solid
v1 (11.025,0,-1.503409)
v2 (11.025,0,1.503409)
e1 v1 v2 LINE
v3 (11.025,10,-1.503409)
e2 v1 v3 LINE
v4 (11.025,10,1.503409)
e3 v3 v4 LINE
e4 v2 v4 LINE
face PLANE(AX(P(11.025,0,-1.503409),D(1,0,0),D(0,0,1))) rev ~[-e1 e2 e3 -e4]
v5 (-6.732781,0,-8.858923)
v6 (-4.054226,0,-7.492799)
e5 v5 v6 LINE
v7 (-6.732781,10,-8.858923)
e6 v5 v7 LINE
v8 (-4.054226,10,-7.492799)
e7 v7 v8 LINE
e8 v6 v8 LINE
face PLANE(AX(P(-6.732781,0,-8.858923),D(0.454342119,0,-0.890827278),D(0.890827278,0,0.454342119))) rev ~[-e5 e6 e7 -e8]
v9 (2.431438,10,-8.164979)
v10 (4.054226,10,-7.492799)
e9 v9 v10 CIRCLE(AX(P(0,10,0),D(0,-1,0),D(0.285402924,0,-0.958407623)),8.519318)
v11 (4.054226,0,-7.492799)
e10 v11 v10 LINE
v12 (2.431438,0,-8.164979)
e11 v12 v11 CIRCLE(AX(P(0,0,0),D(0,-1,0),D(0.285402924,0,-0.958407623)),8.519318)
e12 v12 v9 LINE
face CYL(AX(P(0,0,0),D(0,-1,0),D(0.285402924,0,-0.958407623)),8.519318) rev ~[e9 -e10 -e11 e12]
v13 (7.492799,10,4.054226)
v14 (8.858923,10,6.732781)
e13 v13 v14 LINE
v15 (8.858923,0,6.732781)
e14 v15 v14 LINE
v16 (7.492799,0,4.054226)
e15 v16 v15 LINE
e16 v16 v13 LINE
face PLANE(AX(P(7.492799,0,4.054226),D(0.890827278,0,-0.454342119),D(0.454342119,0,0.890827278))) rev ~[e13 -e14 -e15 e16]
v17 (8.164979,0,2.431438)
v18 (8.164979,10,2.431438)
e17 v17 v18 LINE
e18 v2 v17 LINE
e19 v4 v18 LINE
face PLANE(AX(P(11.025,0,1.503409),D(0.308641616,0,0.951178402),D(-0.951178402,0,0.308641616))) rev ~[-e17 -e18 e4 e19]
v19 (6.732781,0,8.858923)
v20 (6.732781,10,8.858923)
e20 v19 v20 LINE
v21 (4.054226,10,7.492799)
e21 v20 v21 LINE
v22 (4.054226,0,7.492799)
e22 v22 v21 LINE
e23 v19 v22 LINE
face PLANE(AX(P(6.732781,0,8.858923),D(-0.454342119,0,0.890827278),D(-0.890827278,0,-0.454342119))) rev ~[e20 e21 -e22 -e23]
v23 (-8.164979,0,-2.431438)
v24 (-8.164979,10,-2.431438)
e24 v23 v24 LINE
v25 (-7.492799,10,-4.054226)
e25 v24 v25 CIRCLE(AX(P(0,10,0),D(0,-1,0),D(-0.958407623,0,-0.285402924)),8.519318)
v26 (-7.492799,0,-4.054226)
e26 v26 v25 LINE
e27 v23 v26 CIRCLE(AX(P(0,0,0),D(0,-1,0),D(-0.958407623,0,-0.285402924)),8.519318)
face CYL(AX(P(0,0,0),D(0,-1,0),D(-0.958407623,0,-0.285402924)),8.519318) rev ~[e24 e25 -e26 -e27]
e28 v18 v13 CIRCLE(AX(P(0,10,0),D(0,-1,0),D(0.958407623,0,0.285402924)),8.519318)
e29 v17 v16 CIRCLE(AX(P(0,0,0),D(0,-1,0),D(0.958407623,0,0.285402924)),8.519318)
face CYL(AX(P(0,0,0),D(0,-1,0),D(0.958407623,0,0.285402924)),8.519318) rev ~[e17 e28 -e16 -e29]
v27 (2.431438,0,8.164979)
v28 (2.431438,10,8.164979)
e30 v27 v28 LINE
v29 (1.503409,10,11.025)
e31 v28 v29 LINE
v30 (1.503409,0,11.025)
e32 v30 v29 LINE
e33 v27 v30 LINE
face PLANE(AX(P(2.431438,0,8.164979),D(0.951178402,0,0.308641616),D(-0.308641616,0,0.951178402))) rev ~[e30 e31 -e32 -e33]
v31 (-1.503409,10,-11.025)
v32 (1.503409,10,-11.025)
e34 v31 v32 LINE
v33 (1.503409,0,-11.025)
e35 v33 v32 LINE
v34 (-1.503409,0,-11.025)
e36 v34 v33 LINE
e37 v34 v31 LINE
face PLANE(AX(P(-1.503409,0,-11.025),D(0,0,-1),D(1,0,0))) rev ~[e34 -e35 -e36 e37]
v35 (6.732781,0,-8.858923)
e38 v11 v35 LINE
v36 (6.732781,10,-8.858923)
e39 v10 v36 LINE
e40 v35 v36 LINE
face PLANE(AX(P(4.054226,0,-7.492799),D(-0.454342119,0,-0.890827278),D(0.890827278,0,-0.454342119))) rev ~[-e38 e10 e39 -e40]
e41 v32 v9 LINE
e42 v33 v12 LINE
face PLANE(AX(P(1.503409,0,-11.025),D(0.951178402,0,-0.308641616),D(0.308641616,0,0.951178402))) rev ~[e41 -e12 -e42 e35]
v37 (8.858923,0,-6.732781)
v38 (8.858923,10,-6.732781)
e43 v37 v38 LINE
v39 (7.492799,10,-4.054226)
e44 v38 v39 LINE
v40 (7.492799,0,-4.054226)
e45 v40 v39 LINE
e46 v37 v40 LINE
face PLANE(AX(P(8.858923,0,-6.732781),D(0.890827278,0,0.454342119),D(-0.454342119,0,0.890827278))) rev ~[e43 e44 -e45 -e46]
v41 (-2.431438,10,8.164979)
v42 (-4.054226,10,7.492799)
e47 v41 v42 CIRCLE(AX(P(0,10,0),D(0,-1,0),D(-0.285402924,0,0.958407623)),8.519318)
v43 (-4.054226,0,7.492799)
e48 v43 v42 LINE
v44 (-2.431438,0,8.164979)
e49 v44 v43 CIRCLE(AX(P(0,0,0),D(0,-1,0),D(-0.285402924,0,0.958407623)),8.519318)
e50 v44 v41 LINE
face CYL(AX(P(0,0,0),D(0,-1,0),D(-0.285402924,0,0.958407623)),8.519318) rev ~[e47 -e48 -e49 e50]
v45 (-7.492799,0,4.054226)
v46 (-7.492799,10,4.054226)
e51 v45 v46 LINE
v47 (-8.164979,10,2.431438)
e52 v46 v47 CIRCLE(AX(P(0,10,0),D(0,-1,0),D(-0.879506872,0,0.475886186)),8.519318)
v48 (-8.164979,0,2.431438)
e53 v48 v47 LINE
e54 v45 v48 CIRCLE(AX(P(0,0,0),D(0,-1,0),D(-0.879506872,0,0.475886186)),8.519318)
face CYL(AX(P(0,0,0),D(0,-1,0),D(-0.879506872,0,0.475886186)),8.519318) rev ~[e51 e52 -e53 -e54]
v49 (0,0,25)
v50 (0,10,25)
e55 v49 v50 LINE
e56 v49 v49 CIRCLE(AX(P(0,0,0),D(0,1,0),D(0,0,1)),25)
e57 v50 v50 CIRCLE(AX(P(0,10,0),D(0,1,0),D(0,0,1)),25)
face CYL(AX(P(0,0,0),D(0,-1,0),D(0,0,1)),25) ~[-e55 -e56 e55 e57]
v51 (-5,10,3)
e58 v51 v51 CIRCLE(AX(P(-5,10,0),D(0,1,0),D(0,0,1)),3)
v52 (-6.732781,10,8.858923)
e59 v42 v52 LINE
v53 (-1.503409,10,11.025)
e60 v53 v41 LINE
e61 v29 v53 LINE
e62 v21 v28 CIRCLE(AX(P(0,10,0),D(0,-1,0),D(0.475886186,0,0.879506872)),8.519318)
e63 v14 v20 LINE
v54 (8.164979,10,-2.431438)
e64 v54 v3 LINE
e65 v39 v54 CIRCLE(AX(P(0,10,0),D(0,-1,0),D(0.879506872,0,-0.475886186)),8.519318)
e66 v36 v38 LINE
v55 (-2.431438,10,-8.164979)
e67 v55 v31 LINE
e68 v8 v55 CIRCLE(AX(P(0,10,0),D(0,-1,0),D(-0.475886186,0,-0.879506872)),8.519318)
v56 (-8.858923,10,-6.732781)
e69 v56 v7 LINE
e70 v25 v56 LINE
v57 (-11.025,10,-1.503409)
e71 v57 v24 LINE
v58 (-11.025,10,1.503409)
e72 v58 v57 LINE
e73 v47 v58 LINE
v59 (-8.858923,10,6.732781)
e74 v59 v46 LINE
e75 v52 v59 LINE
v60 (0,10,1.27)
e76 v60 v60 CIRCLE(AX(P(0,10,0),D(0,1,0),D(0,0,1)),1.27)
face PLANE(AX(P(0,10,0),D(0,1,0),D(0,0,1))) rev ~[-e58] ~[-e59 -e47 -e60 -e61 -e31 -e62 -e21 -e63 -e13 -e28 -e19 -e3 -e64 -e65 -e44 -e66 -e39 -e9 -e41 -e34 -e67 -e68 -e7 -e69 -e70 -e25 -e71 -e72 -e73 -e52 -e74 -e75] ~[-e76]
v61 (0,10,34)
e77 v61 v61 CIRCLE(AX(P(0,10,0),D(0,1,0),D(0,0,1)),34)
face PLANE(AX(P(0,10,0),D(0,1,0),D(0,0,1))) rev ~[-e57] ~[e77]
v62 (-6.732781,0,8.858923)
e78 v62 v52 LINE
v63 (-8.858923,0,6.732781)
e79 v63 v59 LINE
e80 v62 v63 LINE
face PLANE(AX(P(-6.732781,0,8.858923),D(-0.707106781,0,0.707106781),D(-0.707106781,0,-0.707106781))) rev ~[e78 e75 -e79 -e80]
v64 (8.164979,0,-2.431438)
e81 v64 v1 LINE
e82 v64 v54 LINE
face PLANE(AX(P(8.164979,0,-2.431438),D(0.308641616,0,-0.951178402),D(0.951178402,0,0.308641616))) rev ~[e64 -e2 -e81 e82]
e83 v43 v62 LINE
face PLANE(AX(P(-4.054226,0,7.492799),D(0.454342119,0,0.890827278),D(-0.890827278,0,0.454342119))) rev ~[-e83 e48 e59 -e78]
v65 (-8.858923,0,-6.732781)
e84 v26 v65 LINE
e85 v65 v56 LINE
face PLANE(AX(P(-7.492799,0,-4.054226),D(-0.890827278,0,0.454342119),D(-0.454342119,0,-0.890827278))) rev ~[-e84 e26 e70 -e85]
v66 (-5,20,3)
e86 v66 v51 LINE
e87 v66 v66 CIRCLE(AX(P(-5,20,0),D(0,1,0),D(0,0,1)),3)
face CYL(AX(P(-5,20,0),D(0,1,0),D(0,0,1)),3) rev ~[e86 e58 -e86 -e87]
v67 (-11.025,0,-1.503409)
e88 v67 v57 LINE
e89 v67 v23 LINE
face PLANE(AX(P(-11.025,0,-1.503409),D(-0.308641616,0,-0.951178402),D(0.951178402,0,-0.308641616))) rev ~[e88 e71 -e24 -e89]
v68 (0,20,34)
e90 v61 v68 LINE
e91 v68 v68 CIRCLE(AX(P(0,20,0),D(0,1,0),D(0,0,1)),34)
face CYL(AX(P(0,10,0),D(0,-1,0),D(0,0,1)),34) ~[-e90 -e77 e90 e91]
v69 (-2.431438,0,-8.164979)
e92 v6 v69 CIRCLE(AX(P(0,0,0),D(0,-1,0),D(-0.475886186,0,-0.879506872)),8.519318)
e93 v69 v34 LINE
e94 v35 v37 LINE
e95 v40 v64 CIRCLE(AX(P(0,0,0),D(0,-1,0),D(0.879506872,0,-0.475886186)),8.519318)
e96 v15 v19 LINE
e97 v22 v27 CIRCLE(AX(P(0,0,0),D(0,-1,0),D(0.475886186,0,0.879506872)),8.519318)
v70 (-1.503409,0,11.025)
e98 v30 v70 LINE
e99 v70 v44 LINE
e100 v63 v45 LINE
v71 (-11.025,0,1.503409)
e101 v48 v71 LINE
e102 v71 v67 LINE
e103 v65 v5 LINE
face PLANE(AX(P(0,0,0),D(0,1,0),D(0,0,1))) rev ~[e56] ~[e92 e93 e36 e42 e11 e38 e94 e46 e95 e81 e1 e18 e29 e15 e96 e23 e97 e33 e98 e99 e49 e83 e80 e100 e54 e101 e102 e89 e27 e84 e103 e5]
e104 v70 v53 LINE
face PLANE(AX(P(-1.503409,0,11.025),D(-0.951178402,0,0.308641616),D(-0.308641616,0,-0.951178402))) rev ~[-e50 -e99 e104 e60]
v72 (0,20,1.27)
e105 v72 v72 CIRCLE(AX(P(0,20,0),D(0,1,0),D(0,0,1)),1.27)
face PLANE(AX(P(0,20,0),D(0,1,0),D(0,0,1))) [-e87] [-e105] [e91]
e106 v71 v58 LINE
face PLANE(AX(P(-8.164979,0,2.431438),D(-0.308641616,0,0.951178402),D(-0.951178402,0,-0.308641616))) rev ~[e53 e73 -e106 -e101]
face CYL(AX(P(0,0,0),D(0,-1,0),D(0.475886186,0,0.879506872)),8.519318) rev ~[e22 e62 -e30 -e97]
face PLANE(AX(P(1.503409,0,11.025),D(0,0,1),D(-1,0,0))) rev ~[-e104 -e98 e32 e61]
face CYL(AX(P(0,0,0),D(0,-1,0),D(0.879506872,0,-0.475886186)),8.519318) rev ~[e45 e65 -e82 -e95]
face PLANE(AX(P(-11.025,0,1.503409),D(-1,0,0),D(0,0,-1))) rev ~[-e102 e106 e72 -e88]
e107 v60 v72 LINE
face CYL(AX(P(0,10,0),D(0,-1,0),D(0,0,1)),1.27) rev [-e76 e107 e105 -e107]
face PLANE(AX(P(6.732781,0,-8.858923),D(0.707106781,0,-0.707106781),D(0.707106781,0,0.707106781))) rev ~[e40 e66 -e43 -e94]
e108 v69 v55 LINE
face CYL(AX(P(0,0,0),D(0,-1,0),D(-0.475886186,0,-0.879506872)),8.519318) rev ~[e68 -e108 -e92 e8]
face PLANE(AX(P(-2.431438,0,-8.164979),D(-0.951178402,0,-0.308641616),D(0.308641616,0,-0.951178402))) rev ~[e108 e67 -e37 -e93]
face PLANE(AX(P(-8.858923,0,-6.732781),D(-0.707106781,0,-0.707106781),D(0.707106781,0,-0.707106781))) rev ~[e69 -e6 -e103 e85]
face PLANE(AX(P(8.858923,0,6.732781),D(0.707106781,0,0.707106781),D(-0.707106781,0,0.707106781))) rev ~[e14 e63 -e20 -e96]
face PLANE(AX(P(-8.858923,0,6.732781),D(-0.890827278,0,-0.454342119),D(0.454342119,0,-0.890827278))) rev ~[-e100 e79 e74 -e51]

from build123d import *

# Parameters (mm, degrees)
SKETCH1_R           = 25
BOSS_EXTRUDE1_DEPTH = 10
SKETCH2_R           = 34
SKETCH2_R_2         = 1.27
BOSS_EXTRUDE2_DEPTH = 10
SKETCH3_R           = 3
CUT_EXTRUDE1_DEPTH  = 53.076866265


with BuildPart() as part:
    # Sketch1 → Boss-Extrude1 (new body)
    with BuildSketch(Plane(origin=(0, 0, 0), x_dir=(1, 0, 0), z_dir=(0, 1, 0))):
        with Locations(Location((0, 0, 0), (0, 0, 270))):
            Circle(SKETCH1_R)
        with BuildLine():
            Line((-1.503409091, 11.025), (1.503409091, 11.025))
            Line((1.503409091, 11.025), (2.431438314, 8.164979486))
            ThreePointArc((2.431438314, 8.164979486), (3.260201923, 7.870823699), (4.054225843, 7.492798883))
            Line((4.054225843, 7.492798883), (6.7327815, 8.858923026))
            Line((6.7327815, 8.858923026), (8.858923026, 6.7327815))
            Line((8.858923026, 6.7327815), (7.492798883, 4.054225843))
            ThreePointArc((7.492798883, 4.054225843), (7.870823699, 3.260201923), (8.164979486, 2.431438314))
            Line((8.164979486, 2.431438314), (11.025, 1.503409091))
            Line((11.025, 1.503409091), (11.025, -1.503409091))
            Line((11.025, -1.503409091), (8.164979486, -2.431438314))
            ThreePointArc((8.164979486, -2.431438314), (7.870823699, -3.260201923), (7.492798883, -4.054225843))
            Line((7.492798883, -4.054225843), (8.858923026, -6.7327815))
            Line((8.858923026, -6.7327815), (6.7327815, -8.858923026))
            Line((6.7327815, -8.858923026), (4.054225843, -7.492798883))
            ThreePointArc((4.054225843, -7.492798883), (3.260201923, -7.870823699), (2.431438314, -8.164979486))
            Line((2.431438314, -8.164979486), (1.503409091, -11.025))
            Line((1.503409091, -11.025), (-1.503409091, -11.025))
            Line((-1.503409091, -11.025), (-2.431438314, -8.164979486))
            ThreePointArc((-2.431438314, -8.164979486), (-3.260201923, -7.870823699), (-4.054225843, -7.492798883))
            Line((-4.054225843, -7.492798883), (-6.7327815, -8.858923026))
            Line((-6.7327815, -8.858923026), (-8.858923026, -6.7327815))
            Line((-8.858923026, -6.7327815), (-7.492798883, -4.054225843))
            ThreePointArc((-7.492798883, -4.054225843), (-7.870823699, -3.260201923), (-8.164979486, -2.431438314))
            Line((-8.164979486, -2.431438314), (-11.025, -1.503409091))
            Line((-11.025, -1.503409091), (-11.025, 1.503409091))
            Line((-11.025, 1.503409091), (-8.164979486, 2.431438314))
            ThreePointArc((-8.164979486, 2.431438314), (-7.870823699, 3.260201923), (-7.492798883, 4.054225843))
            Line((-7.492798883, 4.054225843), (-8.858923026, 6.7327815))
            Line((-8.858923026, 6.7327815), (-6.7327815, 8.858923026))
            Line((-6.7327815, 8.858923026), (-4.054225843, 7.492798883))
            ThreePointArc((-4.054225843, 7.492798883), (-3.260201923, 7.870823699), (-2.431438314, 8.164979486))
            Line((-2.431438314, 8.164979486), (-1.503409091, 11.025))
        make_face(mode=Mode.SUBTRACT)
    extrude(amount=BOSS_EXTRUDE1_DEPTH)

    # Sketch2 → Boss-Extrude2 (add)
    with BuildSketch(Plane(origin=(0, 10, 0), x_dir=(1, 0, 0), z_dir=(0, 1, 0))):
        with Locations(Location((0, 0, 0), (0, 0, 270))):
            Circle(SKETCH2_R)
        with Locations(Location((0, 0, 0), (0, 0, 270))):
            Circle(SKETCH2_R_2, mode=Mode.SUBTRACT)
    extrude(amount=BOSS_EXTRUDE2_DEPTH)

    # Sketch3 → Cut-Extrude1 (cut, through all)
    with BuildSketch(Plane(origin=(0, 20, 0), x_dir=(1, 0, 0), z_dir=(0, 1, 0))):
        with Locations(Location((-5, 0, 0), (0, 0, 270))):
            Circle(SKETCH3_R)
    extrude(amount=-CUT_EXTRUDE1_DEPTH, mode=Mode.SUBTRACT)


solid = part.part
